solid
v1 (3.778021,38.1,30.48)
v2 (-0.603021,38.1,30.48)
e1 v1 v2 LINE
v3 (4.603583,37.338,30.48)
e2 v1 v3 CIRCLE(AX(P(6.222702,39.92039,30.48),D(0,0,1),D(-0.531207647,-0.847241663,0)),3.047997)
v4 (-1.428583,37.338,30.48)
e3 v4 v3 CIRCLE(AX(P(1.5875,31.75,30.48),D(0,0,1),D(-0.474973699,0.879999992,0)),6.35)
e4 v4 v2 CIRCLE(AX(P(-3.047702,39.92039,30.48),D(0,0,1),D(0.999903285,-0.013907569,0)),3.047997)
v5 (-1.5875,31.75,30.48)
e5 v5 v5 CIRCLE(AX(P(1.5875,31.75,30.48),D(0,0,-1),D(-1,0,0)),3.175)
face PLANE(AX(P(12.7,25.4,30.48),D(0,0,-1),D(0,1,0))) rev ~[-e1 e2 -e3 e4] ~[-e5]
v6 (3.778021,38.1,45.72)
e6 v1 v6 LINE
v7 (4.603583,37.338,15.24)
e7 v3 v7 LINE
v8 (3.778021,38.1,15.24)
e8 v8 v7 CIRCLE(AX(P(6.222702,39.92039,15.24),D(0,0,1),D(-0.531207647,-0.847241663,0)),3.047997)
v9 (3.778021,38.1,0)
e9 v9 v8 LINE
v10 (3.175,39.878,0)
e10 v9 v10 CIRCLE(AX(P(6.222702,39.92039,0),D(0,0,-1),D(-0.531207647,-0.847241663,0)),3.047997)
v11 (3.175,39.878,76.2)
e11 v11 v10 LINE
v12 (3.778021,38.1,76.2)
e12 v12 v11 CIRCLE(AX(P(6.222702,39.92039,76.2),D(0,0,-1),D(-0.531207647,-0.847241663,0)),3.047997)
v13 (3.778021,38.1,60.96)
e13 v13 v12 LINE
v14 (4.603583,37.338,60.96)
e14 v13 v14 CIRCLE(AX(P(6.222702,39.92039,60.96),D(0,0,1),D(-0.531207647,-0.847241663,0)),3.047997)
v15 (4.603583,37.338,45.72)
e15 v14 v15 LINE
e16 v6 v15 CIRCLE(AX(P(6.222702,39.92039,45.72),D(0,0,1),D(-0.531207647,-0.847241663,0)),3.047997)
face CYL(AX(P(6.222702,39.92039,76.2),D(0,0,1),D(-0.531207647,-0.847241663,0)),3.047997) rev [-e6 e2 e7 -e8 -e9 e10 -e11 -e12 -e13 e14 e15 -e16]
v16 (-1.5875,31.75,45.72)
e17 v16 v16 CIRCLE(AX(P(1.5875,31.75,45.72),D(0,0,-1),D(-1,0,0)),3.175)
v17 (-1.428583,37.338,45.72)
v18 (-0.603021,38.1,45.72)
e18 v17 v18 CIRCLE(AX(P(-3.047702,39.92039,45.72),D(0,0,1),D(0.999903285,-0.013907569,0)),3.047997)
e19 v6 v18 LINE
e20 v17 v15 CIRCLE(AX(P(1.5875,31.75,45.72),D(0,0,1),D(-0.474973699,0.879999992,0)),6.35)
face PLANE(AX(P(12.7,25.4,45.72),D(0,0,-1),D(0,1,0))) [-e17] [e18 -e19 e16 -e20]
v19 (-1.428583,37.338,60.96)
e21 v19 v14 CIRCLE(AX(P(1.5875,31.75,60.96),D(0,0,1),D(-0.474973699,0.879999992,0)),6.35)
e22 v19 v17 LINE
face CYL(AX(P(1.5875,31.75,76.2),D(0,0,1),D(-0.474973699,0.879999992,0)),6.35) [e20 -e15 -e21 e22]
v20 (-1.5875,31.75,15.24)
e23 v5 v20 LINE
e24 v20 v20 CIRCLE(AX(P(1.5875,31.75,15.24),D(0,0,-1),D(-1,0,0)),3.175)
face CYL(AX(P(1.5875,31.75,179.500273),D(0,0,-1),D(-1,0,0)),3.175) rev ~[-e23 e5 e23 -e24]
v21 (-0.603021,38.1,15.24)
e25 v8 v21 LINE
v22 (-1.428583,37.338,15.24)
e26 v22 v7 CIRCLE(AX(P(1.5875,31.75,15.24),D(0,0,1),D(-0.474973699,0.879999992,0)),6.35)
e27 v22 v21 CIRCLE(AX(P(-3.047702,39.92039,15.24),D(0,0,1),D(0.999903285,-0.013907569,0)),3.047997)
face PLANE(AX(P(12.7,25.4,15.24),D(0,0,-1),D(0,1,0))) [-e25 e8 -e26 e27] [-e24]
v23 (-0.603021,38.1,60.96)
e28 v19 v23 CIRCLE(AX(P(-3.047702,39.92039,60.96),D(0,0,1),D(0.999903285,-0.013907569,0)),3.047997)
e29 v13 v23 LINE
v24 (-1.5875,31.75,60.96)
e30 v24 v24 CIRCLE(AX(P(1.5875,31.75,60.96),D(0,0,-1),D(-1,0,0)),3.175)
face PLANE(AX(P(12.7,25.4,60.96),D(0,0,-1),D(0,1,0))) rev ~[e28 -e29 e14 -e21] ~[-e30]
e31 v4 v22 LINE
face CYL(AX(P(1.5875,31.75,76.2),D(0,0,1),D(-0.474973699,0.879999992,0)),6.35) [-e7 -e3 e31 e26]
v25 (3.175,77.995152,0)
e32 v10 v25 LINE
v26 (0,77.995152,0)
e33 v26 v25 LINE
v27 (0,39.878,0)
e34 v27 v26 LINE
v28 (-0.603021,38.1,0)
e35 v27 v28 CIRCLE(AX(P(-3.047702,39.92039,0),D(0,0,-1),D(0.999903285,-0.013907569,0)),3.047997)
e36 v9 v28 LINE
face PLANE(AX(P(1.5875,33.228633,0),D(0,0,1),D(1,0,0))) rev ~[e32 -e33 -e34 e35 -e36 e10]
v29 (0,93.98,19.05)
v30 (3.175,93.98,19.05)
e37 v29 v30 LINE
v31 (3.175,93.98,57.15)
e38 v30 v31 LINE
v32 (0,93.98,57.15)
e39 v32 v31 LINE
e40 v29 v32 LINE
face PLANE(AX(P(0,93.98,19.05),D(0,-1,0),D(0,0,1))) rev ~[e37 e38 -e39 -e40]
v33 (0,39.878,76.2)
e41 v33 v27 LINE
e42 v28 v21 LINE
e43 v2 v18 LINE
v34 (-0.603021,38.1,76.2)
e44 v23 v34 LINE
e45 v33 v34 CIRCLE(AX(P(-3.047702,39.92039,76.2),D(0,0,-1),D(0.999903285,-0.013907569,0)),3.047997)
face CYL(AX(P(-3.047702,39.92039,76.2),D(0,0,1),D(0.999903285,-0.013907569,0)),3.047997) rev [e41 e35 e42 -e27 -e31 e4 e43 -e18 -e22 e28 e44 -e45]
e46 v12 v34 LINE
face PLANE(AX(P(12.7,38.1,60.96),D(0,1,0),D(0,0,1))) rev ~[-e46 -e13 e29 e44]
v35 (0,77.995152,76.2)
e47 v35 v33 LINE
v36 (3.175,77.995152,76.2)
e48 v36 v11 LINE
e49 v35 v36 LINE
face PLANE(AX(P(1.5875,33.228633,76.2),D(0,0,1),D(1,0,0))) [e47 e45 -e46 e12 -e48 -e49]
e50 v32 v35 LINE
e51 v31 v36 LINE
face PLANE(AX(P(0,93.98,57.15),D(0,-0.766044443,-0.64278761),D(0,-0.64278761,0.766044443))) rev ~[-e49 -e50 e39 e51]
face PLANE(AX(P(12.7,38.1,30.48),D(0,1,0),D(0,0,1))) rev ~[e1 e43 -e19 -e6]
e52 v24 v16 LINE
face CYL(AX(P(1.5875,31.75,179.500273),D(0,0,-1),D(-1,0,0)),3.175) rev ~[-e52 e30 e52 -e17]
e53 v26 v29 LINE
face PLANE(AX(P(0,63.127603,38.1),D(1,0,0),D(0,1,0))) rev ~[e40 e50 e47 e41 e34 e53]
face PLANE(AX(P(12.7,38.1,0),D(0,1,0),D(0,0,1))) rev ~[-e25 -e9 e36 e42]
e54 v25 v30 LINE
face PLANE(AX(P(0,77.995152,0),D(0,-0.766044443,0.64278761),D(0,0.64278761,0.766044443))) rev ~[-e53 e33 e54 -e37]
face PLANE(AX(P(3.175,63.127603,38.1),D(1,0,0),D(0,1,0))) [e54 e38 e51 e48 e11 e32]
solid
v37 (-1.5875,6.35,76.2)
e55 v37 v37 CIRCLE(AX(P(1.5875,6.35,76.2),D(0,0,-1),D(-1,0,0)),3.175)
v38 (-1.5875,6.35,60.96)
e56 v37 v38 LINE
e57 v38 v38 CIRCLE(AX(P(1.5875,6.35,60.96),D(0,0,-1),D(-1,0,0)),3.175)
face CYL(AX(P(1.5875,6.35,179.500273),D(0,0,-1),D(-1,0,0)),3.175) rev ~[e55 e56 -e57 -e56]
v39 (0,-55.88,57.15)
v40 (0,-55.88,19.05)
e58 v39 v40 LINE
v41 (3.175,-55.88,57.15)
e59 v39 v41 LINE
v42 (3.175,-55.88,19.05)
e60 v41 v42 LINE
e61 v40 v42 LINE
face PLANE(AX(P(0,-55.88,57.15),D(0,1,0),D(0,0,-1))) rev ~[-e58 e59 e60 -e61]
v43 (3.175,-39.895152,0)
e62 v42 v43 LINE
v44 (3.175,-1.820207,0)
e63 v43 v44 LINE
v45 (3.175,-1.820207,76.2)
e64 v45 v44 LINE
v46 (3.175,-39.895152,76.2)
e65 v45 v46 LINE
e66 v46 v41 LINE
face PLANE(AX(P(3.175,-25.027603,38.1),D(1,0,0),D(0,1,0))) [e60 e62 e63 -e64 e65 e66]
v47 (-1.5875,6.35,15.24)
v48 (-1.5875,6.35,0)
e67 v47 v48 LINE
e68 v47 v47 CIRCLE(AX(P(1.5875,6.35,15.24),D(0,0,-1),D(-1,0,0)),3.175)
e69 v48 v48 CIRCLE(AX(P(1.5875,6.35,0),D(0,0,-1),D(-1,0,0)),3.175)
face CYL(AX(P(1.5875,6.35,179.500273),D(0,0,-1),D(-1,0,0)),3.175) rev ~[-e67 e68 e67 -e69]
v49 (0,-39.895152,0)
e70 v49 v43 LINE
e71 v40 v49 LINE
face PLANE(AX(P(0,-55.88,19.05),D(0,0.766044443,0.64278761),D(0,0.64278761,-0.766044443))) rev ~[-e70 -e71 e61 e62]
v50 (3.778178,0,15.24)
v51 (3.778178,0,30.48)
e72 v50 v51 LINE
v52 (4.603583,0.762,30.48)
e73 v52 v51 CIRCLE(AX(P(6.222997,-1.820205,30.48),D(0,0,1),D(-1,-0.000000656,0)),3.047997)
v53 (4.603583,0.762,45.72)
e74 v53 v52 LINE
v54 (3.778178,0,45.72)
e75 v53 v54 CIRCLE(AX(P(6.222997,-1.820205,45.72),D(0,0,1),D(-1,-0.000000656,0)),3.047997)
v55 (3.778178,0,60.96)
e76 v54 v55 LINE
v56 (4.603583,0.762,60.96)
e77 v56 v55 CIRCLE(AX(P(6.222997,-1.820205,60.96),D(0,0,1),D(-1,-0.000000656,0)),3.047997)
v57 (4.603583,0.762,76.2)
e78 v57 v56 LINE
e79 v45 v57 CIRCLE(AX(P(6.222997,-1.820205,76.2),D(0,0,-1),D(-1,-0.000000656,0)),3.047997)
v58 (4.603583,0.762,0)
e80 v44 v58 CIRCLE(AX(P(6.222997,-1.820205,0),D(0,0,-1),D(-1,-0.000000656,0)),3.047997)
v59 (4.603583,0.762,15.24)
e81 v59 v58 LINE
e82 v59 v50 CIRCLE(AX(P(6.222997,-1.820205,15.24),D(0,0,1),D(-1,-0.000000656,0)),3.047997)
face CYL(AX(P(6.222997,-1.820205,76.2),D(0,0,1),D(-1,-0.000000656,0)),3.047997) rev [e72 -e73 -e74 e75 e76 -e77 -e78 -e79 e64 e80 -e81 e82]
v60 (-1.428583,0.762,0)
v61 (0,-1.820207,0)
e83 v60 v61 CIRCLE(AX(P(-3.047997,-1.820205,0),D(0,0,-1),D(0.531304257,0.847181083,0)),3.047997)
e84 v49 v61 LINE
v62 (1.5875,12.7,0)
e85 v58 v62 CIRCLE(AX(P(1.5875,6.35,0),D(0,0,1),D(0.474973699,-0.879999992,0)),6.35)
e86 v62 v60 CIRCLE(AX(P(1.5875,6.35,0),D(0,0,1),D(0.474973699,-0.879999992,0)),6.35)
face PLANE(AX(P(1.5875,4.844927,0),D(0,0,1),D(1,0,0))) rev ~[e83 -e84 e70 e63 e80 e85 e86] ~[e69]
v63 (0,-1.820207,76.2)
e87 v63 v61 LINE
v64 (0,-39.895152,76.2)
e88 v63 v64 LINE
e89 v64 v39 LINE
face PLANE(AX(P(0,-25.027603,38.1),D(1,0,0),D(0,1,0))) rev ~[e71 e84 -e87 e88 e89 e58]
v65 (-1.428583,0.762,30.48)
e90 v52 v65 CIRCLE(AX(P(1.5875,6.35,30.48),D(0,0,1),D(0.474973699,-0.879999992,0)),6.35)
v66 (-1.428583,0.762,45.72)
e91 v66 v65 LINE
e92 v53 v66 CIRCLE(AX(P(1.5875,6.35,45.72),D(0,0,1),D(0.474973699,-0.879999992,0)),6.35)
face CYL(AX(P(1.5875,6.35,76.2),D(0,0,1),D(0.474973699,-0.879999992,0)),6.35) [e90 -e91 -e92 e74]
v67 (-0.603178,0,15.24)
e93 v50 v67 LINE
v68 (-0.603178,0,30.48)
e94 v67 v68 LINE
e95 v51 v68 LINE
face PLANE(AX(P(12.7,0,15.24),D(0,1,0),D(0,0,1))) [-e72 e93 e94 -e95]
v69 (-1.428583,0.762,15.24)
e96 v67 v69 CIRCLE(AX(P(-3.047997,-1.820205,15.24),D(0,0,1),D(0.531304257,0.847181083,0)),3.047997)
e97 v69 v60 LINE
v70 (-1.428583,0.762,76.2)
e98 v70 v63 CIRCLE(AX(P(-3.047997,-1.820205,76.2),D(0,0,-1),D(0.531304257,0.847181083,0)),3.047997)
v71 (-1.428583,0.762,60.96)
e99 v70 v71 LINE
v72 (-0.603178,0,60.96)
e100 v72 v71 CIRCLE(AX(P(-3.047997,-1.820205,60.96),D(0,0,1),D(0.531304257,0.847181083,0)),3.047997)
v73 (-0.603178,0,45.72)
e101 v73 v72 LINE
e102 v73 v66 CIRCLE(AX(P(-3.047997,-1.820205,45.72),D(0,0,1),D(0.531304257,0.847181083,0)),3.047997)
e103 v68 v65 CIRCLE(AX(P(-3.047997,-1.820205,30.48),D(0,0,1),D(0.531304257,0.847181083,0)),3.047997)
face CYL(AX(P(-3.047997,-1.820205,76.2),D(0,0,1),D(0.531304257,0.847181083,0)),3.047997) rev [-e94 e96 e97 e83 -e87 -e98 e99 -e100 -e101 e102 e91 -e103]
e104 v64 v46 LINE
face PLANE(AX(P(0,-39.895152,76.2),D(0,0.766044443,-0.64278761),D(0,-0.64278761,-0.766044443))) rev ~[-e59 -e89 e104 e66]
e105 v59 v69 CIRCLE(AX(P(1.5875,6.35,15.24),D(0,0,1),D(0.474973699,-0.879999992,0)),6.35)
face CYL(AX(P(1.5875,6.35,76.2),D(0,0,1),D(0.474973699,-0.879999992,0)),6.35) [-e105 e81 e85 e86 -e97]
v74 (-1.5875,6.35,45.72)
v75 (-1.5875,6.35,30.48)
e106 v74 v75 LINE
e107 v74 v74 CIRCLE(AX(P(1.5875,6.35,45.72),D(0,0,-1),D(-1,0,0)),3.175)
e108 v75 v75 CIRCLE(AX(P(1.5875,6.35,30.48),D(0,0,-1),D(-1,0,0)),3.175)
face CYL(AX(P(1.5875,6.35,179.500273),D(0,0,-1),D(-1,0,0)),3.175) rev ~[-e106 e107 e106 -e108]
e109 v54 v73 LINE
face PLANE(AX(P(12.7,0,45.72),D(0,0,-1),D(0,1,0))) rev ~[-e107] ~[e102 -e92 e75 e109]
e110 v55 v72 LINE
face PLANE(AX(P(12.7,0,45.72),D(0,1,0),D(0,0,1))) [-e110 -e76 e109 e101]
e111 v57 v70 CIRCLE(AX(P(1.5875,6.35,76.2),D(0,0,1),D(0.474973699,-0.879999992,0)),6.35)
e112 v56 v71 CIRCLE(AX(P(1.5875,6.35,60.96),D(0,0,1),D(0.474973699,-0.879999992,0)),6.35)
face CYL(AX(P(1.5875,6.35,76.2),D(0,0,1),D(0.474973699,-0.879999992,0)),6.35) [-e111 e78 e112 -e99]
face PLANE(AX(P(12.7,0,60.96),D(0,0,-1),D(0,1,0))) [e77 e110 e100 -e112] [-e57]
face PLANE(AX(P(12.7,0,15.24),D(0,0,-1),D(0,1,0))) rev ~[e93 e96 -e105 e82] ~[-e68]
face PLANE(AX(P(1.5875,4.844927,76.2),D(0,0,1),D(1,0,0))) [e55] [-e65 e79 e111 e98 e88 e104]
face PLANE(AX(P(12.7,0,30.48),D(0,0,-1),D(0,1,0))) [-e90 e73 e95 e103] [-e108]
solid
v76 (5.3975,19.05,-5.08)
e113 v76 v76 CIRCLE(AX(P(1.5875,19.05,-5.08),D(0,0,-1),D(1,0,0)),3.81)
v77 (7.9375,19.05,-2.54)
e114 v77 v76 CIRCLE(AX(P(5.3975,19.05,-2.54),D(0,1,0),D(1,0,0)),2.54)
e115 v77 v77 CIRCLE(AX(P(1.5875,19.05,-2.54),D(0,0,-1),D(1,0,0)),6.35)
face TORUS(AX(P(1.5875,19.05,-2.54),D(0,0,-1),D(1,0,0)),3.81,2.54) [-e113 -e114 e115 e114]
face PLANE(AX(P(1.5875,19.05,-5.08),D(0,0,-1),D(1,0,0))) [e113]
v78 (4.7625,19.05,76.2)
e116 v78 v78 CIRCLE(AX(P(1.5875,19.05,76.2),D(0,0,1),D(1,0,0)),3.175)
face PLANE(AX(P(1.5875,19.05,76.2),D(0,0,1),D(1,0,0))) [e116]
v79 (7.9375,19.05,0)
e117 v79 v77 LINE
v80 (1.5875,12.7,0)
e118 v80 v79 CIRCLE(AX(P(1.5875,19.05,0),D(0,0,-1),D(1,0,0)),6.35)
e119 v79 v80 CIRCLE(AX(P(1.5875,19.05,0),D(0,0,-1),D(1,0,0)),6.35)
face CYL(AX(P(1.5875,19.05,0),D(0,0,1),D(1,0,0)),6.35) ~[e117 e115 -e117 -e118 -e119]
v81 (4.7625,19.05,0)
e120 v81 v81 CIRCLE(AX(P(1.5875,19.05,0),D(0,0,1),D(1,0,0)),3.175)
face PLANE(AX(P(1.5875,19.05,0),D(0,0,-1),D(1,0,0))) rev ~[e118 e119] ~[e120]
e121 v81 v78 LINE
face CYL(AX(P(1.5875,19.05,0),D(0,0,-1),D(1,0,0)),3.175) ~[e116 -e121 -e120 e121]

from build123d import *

# Parameters (mm, degrees)
F1_DEPTH  = 3.175
F3_DEPTH  = 76.2
F5_D      = 6.35
F7_W      = 12.7
F7_H      = 15.24
F8_DEPTH  = 19.05
F10_DEPTH = 3.175
F12_DEPTH = 76.2
F14_D     = 6.35
F15_W     = 12.7
F15_H     = 15.24
F16_DEPTH = 19.05
F17_R     = 3.175
F18_DEPTH = 76.2
F19_R     = 6.35
F20_DEPTH = 5.08
F21_R     = 2.54


with BuildPart() as f1:
    # F0 (on Right) → F1 (new body)
    with BuildSketch(Plane.YZ):
        Polygon((0, 0), (0, 76.2), (-39.895152, 76.2), (-55.88, 57.15), (-55.88, 19.05), (-39.895152, 0), align=None)
    extrude(amount=F1_DEPTH)

    # F2 (on face) → F3 (join)
    with BuildSketch(Plane.XY.offset(76.2)):
        with BuildLine():
            ThreePointArc((3.175, -1.820207), (3.555952, -0.344686), (4.603583, 0.762))
            ThreePointArc((4.603583, 0.762), (1.5875, 12.7), (-1.428583, 0.762))
            ThreePointArc((-1.428583, 0.762), (-0.380952, -0.344686), (0, -1.820207))
            Line((0, -1.820207), (0, 0))
            Line((0, 0), (3.175, 0))
            Line((3.175, 0), (3.175, -1.820207))
        make_face()
    extrude(amount=-F3_DEPTH)

    # F5 (through all)
    with Locations(Plane.XY.offset(76.2)):
        with Locations((1.5875, 6.35)):
            Hole(F5_D / 2)

    # F7 (on offset) → F8 (cut)
    with BuildSketch(Plane.YZ.offset(12.7)):
        with Locations((6.35, 22.86)):
            Rectangle(F7_W, F7_H)
        with Locations((6.35, 53.34)):
            Rectangle(F7_W, F7_H)
    extrude(amount=-F8_DEPTH, mode=Mode.SUBTRACT)



with BuildPart() as f10:
    # F9 (on Right) → F10 (new body)
    with BuildSketch(Plane.YZ):
        Polygon((93.98, 57.15), (77.995152, 76.2), (38.1, 76.2), (38.1, 0), (77.995152, 0), (93.98, 19.05), align=None)
    extrude(amount=F10_DEPTH)

    # F11 (on face) → F12 (join)
    with BuildSketch(Plane.XY.offset(76.2)):
        with BuildLine():
            ThreePointArc((0, 39.878), (-0.391068, 38.426208), (-1.428583, 37.338))
            ThreePointArc((-1.428583, 37.338), (1.5875, 25.4), (4.603583, 37.338))
            ThreePointArc((4.603583, 37.338), (3.566068, 38.426208), (3.175, 39.878))
            Line((3.175, 39.878), (3.175, 38.1))
            Line((3.175, 38.1), (0, 38.1))
            Line((0, 38.1), (0, 39.878))
        make_face()
    extrude(amount=-F12_DEPTH)

    # F14 (through all)
    with Locations(Plane.XY.offset(76.2)):
        with Locations((1.5875, 31.75)):
            Hole(F14_D / 2)

    # F15 (on offset) → F16 (cut)
    with BuildSketch(Plane.YZ.offset(12.7)):
        with Locations((31.75, 68.58)):
            Rectangle(F15_W, F15_H)
        with Locations((31.75, 38.1)):
            Rectangle(F15_W, F15_H)
        with Locations((31.75, 7.62)):
            Rectangle(F15_W, F15_H)
    extrude(amount=-F16_DEPTH, mode=Mode.SUBTRACT)


with BuildPart() as f18:
    # F17 (on Top) → F18 (new body)
    with BuildSketch(Plane.XY):
        with Locations((1.5875, 19.05)):
            Circle(F17_R)
    extrude(amount=F18_DEPTH)


with BuildPart() as f1_1:
    add(f1.part)

    add(f18.part)  # F20 merges F18
    # F19 (on face) → F20 (join)
    with BuildSketch(Plane(origin=(0, 0, 0), x_dir=(1, 0, 0), z_dir=(0, 0, -1))):
        with Locations((1.5875, -19.05)):
            Circle(F19_R)
    extrude(amount=F20_DEPTH)

    # F21
    f21_edges = [f1_1.edges().sort_by_distance(p)[0] for p in [
        (-4.7625, 19.05, -5.08),
    ]]
    fillet(f21_edges, radius=F21_R)


solid = Compound([f10.part, f1_1.part])
